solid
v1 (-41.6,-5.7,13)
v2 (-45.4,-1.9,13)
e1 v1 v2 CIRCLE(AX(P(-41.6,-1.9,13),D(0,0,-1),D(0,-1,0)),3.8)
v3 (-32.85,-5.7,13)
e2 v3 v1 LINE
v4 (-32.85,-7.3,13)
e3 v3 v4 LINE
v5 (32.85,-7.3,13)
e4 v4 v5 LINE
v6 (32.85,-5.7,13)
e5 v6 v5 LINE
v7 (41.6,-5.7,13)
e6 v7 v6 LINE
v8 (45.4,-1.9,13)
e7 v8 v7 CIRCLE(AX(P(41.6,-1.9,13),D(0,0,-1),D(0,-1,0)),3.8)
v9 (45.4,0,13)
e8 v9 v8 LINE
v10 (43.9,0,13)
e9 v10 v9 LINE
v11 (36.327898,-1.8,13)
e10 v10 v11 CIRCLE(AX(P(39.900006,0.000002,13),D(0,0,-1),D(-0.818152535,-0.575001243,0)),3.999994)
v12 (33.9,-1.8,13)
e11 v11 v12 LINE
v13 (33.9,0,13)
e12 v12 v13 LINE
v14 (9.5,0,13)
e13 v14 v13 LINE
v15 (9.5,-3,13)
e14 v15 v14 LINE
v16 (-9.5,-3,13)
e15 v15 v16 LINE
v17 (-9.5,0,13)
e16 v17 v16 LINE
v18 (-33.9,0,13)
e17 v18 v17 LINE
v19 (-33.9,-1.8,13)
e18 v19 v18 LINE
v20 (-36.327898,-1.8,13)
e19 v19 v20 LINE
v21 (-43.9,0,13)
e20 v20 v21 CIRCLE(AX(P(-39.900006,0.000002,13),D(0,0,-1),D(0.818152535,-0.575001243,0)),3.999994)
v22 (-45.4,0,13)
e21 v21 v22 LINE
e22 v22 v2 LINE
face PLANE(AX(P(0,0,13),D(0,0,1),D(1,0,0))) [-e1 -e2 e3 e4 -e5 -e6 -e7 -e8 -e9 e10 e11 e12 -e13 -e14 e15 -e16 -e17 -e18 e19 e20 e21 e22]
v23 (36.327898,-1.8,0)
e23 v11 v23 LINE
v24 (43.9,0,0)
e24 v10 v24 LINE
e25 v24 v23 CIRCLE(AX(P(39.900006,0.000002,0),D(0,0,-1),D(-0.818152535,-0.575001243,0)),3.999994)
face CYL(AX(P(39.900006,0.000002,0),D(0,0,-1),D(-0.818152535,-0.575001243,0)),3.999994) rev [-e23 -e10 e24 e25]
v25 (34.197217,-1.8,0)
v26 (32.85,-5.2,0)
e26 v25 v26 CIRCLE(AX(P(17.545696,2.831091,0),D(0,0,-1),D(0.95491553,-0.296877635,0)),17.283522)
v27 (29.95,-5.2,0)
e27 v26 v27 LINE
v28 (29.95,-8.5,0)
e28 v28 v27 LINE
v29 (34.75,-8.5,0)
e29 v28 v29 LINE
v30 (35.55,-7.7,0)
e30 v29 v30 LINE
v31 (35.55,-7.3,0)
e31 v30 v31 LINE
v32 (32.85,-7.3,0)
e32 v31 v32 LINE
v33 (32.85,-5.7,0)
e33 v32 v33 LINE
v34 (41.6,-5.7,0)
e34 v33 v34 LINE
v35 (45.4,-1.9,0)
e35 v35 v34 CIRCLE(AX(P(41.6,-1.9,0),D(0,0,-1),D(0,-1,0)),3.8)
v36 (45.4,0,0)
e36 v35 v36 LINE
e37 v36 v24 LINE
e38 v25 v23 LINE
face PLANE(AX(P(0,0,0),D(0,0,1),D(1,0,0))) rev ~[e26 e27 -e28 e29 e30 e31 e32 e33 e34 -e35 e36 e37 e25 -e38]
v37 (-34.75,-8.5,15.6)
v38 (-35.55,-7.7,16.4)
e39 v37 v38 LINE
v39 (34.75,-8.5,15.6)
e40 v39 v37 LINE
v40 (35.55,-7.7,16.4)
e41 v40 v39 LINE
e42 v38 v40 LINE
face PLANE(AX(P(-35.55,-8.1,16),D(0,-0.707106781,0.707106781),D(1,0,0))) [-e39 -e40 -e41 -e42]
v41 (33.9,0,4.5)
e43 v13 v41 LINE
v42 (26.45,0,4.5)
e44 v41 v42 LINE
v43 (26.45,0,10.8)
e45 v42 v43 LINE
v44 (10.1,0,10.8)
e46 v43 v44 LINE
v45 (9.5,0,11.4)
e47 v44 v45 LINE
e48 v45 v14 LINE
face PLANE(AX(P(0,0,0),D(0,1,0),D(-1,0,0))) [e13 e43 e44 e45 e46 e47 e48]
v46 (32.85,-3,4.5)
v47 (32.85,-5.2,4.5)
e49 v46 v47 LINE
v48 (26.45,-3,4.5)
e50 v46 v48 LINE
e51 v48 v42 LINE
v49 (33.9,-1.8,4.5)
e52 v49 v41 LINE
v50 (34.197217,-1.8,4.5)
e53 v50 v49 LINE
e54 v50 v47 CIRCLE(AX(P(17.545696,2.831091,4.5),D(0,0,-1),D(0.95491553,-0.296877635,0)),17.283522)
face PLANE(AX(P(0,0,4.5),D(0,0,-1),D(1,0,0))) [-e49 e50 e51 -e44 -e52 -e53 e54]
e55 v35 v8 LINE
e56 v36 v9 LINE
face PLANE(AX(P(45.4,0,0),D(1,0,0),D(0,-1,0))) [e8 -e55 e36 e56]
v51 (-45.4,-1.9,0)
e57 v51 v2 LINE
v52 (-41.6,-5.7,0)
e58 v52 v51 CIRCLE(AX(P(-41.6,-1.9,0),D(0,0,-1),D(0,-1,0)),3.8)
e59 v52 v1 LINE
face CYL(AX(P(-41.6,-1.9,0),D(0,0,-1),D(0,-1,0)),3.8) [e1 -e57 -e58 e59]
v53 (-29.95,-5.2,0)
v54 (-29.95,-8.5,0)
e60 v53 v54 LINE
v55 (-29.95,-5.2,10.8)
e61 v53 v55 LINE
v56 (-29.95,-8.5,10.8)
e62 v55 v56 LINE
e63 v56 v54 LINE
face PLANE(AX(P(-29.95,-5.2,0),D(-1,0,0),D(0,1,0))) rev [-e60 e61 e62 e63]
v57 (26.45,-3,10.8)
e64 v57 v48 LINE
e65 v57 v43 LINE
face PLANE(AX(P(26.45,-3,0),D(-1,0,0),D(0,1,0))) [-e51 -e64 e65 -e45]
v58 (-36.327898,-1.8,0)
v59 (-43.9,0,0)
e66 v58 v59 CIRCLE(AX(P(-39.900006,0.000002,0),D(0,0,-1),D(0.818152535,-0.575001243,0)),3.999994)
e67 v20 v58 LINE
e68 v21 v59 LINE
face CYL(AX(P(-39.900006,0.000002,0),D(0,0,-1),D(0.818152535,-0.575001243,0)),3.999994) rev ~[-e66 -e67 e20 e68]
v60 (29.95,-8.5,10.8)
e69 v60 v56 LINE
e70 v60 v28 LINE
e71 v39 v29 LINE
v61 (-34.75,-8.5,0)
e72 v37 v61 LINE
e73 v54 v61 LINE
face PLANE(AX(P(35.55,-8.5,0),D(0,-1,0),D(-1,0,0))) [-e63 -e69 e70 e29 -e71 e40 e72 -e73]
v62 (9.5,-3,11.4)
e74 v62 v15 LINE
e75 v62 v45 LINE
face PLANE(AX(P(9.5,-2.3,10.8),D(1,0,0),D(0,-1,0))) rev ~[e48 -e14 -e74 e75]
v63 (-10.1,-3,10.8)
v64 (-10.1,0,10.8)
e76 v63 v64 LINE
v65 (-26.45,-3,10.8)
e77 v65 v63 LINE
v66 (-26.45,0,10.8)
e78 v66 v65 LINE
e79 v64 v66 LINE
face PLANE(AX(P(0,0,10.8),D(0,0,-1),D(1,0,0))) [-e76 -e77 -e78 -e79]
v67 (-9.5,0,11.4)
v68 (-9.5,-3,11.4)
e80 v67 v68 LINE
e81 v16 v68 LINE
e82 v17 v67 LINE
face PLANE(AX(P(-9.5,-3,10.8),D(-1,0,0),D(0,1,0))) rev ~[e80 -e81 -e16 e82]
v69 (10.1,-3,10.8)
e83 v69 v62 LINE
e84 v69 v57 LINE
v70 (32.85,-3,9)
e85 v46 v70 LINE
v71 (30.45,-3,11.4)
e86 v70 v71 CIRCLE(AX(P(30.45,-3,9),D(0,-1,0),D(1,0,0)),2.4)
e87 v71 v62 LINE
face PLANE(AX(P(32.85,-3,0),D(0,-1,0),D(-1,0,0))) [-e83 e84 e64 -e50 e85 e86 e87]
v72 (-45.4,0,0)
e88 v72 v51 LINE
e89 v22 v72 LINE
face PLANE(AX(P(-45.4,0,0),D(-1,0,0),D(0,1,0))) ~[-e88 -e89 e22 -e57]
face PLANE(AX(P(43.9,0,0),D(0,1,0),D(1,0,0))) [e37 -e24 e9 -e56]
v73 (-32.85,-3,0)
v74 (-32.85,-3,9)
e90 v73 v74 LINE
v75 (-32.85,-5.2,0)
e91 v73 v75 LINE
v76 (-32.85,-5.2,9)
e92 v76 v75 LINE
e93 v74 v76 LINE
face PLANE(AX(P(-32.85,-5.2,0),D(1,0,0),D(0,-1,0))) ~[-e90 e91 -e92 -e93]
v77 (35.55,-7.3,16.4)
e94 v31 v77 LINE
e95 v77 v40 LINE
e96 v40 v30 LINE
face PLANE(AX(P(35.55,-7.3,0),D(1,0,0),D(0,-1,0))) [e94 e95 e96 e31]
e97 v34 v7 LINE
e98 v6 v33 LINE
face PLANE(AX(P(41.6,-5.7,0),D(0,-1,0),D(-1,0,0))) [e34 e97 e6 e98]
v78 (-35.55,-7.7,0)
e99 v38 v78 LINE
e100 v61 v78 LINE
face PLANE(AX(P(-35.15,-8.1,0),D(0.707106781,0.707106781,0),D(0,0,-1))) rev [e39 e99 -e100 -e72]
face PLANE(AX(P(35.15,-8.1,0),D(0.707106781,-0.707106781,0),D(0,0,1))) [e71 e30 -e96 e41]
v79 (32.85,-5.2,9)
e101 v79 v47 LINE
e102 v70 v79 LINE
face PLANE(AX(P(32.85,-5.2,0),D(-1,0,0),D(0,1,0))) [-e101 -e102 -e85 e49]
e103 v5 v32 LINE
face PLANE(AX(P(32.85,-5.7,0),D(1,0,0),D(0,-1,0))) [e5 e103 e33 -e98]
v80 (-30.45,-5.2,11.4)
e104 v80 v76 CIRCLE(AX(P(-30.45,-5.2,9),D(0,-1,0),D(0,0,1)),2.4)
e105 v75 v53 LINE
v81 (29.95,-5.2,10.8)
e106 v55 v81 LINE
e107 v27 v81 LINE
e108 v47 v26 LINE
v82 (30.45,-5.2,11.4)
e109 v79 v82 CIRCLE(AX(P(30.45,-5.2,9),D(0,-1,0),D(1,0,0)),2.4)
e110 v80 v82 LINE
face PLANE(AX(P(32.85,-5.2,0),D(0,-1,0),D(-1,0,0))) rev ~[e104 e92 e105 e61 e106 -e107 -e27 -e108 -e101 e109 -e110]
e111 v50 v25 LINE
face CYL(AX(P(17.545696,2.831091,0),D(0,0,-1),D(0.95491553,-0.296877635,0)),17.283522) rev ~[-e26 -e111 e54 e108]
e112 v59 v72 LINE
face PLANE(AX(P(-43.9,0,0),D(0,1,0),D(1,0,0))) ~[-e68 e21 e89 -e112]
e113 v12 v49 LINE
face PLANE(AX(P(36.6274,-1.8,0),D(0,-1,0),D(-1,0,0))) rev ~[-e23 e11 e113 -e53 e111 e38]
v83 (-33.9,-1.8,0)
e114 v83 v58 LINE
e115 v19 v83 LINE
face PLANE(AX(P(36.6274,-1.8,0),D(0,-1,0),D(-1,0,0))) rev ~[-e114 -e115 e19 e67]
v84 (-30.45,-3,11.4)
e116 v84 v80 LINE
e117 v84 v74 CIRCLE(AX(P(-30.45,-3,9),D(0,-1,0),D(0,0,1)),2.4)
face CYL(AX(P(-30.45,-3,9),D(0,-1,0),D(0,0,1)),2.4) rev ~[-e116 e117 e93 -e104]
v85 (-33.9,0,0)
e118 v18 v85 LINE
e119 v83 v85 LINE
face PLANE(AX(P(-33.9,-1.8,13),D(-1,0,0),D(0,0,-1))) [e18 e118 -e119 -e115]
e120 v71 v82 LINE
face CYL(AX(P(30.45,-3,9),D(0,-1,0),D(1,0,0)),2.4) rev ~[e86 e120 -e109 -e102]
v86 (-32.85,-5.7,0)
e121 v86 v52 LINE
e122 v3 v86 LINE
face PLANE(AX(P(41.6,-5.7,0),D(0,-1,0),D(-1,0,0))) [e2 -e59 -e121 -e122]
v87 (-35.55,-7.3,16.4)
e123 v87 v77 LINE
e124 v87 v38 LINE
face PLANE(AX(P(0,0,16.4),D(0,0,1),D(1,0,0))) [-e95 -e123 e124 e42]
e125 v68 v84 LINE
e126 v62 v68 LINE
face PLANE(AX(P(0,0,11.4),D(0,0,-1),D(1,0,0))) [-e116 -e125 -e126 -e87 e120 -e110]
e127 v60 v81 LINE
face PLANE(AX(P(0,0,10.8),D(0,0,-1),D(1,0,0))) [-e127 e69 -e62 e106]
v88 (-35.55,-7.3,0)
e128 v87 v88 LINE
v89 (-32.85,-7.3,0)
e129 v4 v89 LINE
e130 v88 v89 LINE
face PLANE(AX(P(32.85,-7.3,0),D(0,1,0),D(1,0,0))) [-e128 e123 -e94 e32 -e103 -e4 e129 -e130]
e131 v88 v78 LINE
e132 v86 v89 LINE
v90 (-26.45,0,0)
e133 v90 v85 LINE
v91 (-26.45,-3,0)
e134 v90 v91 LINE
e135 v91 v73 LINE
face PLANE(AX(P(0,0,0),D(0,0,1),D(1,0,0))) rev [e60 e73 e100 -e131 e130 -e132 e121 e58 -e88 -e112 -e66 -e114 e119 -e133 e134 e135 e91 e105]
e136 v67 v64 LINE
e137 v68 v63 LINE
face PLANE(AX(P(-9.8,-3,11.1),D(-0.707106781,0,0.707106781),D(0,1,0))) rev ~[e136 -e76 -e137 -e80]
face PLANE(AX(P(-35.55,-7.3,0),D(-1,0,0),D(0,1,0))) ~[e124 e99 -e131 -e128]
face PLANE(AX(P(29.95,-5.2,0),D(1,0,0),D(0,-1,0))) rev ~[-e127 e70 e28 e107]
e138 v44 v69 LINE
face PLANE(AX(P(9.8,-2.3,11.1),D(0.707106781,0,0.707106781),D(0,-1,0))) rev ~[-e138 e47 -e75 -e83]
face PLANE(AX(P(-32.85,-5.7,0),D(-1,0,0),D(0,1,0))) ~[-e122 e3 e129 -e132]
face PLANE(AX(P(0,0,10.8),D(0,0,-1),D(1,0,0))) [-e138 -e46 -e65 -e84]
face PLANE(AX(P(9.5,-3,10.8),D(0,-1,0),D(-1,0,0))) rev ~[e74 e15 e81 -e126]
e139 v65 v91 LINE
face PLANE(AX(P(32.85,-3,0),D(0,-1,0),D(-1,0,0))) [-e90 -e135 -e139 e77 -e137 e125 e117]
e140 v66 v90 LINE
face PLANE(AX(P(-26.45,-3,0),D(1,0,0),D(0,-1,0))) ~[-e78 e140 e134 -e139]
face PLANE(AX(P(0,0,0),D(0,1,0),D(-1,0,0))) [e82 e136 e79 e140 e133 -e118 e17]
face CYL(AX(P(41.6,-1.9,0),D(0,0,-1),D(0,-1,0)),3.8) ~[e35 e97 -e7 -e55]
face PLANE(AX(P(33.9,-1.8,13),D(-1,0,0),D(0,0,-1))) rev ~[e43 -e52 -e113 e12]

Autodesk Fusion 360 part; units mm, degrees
sketch "Skizze1" plane through (0, 0, 0) normal (0, 0, 1) x (1, 0, 0)
  line L0 (0, 0) -> (39.9, 0) construction
  circle A0 centre (39.9, 0) radius 3.8
  line L1 (33.05, -7.2) -> (46.9, -7.2)
  line L2 (46.9, -7.2) -> (46.9, 42.9968)
  line L3 (45.6, -5.9) -> (45.6, 33.959)
  line L4 (45.6, -5.9) -> (33.05, -5.9)
  line L5 (36.733, 2.1) -> (30.2653, 2.1)
  line L6 (30.2653, 2.1) -> (30.2653, -2.1)
  line L7 (30.2653, -2.1) -> (36.733, -2.1)
  line L8 (36.733, -2.1) -> (36.733, 2.1)
  arc A1 (41.6, -5.9) -> (45.6, -1.9) centre (41.6, -1.9) ccw
  line L9 (43.9, 0) -> (45.4, 0)
  line L10 (45.4, 0) -> (45.4, -1.9)
  arc A2 (36.6274, -2.3) -> (43.9, 0) centre (39.9, 0) ccw
  arc A3 (41.6, -5.7) -> (45.4, -1.9) centre (41.6, -1.9) ccw
  line L11 (41.6, -5.7) -> (32.85, -5.7)
  line L12 (36.6274, -2.3) -> (0, -2.3)
  line L13 (33.05, -7.2) -> (33.05, -5.9)
  line L14 (32.85, -5.7) -> (32.85, -7.3)
  line L15 (32.85, -7.3) -> (35.55, -7.3)
  line L16 (35.55, -7.3) -> (35.55, -8.5)
  line L17 (35.55, -8.5) -> (0, -8.5)
  line L18 (0, -2.3) -> (0, -8.5)
  dimension "d1" = 39.9
  dimension "d2" = 7.6
  dimension "d3" = 7.2
  dimension "d5" = 1.3
  dimension "d6" = 1.3
  dimension "d7" = 4.2
  dimension "d8" = 4
  dimension "d10" = 0.2
  dimension "d11" = 0.2
  dimension "d12" = 0.2
  dimension "d13" = 0.2
  dimension "d14" = 0.2
  dimension "d15" = 33.05
  dimension "d16" = 0.2
  dimension "d17" = 0.1
  dimension "d18" = 2.7
  dimension "d19" = 1.2
  dimension "d47" = 7
extrude "Extrusion1" add sketch "Skizze1" along normal blind 16.4 contours L9 L10 A2 A3 L11 L12 L14 L15 L16 L17 L18
sketch "Skizze2" plane through (0, 0, 0) normal (0, 0, -1) x (1, 0, 0)
  line L0 (0, 2.3) -> (36.6274, 2.3)
  arc A0 (43.9, 0) -> (36.6274, 2.3) centre (39.9, 0) ccw
  line L1 (43.9, 0) -> (45.4, 0)
  line L2 (45.4, 0) -> (45.4, 1.9)
  arc A1 (45.4, 1.9) -> (41.6, 5.7) centre (41.6, 1.9) ccw
  line L3 (41.6, 5.7) -> (32.85, 5.7)
  line L4 (32.85, 5.7) -> (32.85, 7.3)
  line L5 (32.85, 7.3) -> (35.55, 7.3)
  line L6 (35.55, 7.3) -> (35.55, 8.5)
  line L7 (35.55, 8.5) -> (0, 8.5)
  line L8 (0, 8.5) -> (0, 2.3)
  line L9 (32.85, 5.2) -> (32.85, 3)
  line L10 (32.85, 5.2) -> (29.95, 5.2)
  line L11 (29.95, 5.2) -> (29.95, 8.5)
  line L12 (32.85, 3) -> (26.45, 3)
  line L13 (26.45, 3) -> (26.45, 2.3)
  line L14 (32.85, 3) -> (32.85, 2.3) construction
  arc A2 (34.05, 2.3) -> (32.85, 5.2) centre (17.5457, -2.8311) ccw
  dimension "d23" = 3.3
  dimension "d24" = 2.2
  dimension "d25" = 32.85
  dimension "d26" = 2.9
  dimension "d27" = 6.4
  dimension "d34" = 1.2
extrude "Extrusion2" cut sketch "Skizze2" against normal blind 10.8 contours L0 L7 L8 L9 L10 L11 L12 L13
sketch "Skizze3" plane through (0, 0, 10.8) normal (0, 0, -1) x (1, 0, 0)
  line L0 (32.85, 5.2) -> (29.95, 5.2)
  line L1 (29.95, 5.2) -> (29.95, 8.5)
  line L2 (29.95, 8.5) -> (0, 8.5)
  line L3 (0, 8.5) -> (0, 2.3)
  line L4 (0, 2.3) -> (26.45, 2.3)
  line L5 (26.45, 2.3) -> (26.45, 3)
  line L6 (26.45, 3) -> (32.85, 3)
  line L7 (32.85, 3) -> (32.85, 5.2)
  line L8 (29.95, 5.2) -> (0, 5.2)
  line L9 (26.45, 3) -> (0, 3)
extrude "Extrusion3" cut sketch "Skizze3" against normal blind 0.6 contours L0 L3 L6 L7 L8 L9
mirror "Spiegeln1" about plane through (0, 0, 0) normal (1, 0, 0) of bodies 1 merged
extrude "Extrusion4" cut sketch "Skizze2" against normal blind 4.5 contours L0 L9 L12 L13 A2
sketch "Skizze5" plane through (0, 0, 10.8) normal (0, 0, -1) x (1, 0, 0)
  line L0 (26.45, 3) -> (-26.45, 3)
  line L1 (-26.45, 3) -> (-26.45, 2.3)
  line L2 (-26.45, 2.3) -> (26.45, 2.3)
  line L3 (26.45, 2.3) -> (26.45, 3)
  line L4 (-9.5, 2.3) -> (9.5, 2.3)
  line L5 (9.5, 2.3) -> (9.5, 3)
  line L6 (9.5, 3) -> (-9.5, 3)
  line L7 (-9.5, 3) -> (-9.5, 2.3)
  dimension "d39" = 19
extrude "Extrusion6" cut sketch "Skizze5" against normal blind 4.6 contours L0 L2 L4 L5 L6 L7
sketch "Skizze6" plane through (0, 0, 16.4) normal (0, 0, 1) x (-1, 0, 0)
  line L0 (-36.6274, 2.3) -> (36.6274, 2.3)
  arc A0 (43.9, 0) -> (36.6274, 2.3) centre (39.9, 0) ccw
  line L1 (43.9, 0) -> (45.4, 0)
  line L2 (45.4, 0) -> (45.4, 1.9)
  arc A1 (45.4, 1.9) -> (41.6, 5.7) centre (41.6, 1.9) ccw
  line L3 (41.6, 5.7) -> (32.85, 5.7)
  line L4 (32.85, 5.7) -> (32.85, 7.3)
  line L5 (32.85, 7.3) -> (35.55, 7.3)
  line L6 (35.55, 7.3) -> (35.55, 8.5)
  line L7 (35.55, 8.5) -> (-35.55, 8.5)
  line L8 (-35.55, 8.5) -> (-35.55, 7.3)
  line L9 (-35.55, 7.3) -> (-32.85, 7.3)
  line L10 (-32.85, 7.3) -> (-32.85, 5.7)
  line L11 (-32.85, 5.7) -> (-41.6, 5.7)
  arc A2 (-41.6, 5.7) -> (-45.4, 1.9) centre (-41.6, 1.9) ccw
  line L12 (-45.4, 1.9) -> (-45.4, 0)
  line L13 (-45.4, 0) -> (-43.9, 0)
  arc A3 (-36.6274, 2.3) -> (-43.9, 0) centre (-39.9, 0) ccw
  line L14 (32.85, 7.3) -> (-32.85, 7.3)
  line L15 (32.85, 5.7) -> (-32.85, 5.7)
extrude "Extrusion7" cut sketch "Skizze6" against normal blind 3.4 contours L4 L10 L14 L15
extrude "Extrusion8" cut 1 faces at (-12.6469, -4.9624, 16.4) along direction (0, 0, -1) blind 3.4
chamfer "Fase1" distance 0.8 angle 45 3 edges at (35.55, -8.5, 8.2) (0, -8.5, 16.4) (-35.55, -8.5, 8.2)
chamfer "Fase1" distance 0.6 angle 45 2 edges at (9.5, -2.65, 10.8) (-9.5, -2.65, 10.8)
fillet "Abrundung1" radius 2.4 2 edges at (-32.85, -4.1, 11.4) (32.85, -4.1, 11.4)
move_face "Flächen versetzen1" offset 0.5 2 faces at (32.3758, -2.3, 9.4333) (-33.2349, -2.3, 7.9333)
sketch "Skizze7" plane through (0, -1.8, 0) normal (0, 1, 0) x (-1, 0, 0)
  line L0 (9.5, 11.4) -> (10.1, 10.8)
  line L1 (10.1, 10.8) -> (26.45, 10.8)
  line L2 (26.45, 10.8) -> (26.45, 0)
  line L3 (26.45, 0) -> (36.3279, 0)
  line L4 (36.3279, 0) -> (36.3279, 13)
  line L5 (36.3279, 13) -> (9.5, 13)
  line L6 (9.5, 13) -> (9.5, 11.4)
  line L7 (33.9, 13) -> (33.9, 0)
  line L8 (-10.1, 10.8) -> (-9.5, 11.4)
  line L9 (-9.5, 11.4) -> (-9.5, 13)
  line L10 (-9.5, 13) -> (-36.3279, 13)
  line L11 (-36.3279, 13) -> (-36.3279, 0)
  line L12 (-36.3279, 0) -> (-34.1972, 0)
  line L13 (-34.1972, 0) -> (-34.1972, 4.5)
  line L14 (-34.1972, 4.5) -> (-26.45, 4.5)
  line L15 (-26.45, 4.5) -> (-26.45, 10.8)
  line L16 (-26.45, 10.8) -> (-10.1, 10.8)
  line L17 (-33.9, 13) -> (-33.9, 4.5)
  point P0 (43.9, 13)
  point P1 (-43.9, 13)
  dimension "d52" = 10
  dimension "d53" = 10
extrude "Extrusion9" add sketch "Skizze7" along normal blind 1.8 contours L0 L1 L2 L3 L5 L6 L7 | L8 L9 L10 L14 L15 L16 L17
equation "d1 = ( 79.8 / 2 ) * 1 mm"
equation "d3 = 11 mm - ( 7.6 / 2 ) * 1 mm"
equation "toleranz = 0.2 mm"
equation "d10 = toleranz"
equation "d11 = toleranz"
equation "d12 = toleranz"
equation "d13 = toleranz"
equation "d14 = toleranz"
equation "d15 = ( 66.1 / 2 ) * 1 mm"
equation "d16 = toleranz"
equation "d25 = ( 65.7 / 2 ) * 1 mm"
equation "d28 = -10.7 mm + 0.6 mm - 0.7 mm"
equation "d40 = -4.00 mm - 0.6 mm"
